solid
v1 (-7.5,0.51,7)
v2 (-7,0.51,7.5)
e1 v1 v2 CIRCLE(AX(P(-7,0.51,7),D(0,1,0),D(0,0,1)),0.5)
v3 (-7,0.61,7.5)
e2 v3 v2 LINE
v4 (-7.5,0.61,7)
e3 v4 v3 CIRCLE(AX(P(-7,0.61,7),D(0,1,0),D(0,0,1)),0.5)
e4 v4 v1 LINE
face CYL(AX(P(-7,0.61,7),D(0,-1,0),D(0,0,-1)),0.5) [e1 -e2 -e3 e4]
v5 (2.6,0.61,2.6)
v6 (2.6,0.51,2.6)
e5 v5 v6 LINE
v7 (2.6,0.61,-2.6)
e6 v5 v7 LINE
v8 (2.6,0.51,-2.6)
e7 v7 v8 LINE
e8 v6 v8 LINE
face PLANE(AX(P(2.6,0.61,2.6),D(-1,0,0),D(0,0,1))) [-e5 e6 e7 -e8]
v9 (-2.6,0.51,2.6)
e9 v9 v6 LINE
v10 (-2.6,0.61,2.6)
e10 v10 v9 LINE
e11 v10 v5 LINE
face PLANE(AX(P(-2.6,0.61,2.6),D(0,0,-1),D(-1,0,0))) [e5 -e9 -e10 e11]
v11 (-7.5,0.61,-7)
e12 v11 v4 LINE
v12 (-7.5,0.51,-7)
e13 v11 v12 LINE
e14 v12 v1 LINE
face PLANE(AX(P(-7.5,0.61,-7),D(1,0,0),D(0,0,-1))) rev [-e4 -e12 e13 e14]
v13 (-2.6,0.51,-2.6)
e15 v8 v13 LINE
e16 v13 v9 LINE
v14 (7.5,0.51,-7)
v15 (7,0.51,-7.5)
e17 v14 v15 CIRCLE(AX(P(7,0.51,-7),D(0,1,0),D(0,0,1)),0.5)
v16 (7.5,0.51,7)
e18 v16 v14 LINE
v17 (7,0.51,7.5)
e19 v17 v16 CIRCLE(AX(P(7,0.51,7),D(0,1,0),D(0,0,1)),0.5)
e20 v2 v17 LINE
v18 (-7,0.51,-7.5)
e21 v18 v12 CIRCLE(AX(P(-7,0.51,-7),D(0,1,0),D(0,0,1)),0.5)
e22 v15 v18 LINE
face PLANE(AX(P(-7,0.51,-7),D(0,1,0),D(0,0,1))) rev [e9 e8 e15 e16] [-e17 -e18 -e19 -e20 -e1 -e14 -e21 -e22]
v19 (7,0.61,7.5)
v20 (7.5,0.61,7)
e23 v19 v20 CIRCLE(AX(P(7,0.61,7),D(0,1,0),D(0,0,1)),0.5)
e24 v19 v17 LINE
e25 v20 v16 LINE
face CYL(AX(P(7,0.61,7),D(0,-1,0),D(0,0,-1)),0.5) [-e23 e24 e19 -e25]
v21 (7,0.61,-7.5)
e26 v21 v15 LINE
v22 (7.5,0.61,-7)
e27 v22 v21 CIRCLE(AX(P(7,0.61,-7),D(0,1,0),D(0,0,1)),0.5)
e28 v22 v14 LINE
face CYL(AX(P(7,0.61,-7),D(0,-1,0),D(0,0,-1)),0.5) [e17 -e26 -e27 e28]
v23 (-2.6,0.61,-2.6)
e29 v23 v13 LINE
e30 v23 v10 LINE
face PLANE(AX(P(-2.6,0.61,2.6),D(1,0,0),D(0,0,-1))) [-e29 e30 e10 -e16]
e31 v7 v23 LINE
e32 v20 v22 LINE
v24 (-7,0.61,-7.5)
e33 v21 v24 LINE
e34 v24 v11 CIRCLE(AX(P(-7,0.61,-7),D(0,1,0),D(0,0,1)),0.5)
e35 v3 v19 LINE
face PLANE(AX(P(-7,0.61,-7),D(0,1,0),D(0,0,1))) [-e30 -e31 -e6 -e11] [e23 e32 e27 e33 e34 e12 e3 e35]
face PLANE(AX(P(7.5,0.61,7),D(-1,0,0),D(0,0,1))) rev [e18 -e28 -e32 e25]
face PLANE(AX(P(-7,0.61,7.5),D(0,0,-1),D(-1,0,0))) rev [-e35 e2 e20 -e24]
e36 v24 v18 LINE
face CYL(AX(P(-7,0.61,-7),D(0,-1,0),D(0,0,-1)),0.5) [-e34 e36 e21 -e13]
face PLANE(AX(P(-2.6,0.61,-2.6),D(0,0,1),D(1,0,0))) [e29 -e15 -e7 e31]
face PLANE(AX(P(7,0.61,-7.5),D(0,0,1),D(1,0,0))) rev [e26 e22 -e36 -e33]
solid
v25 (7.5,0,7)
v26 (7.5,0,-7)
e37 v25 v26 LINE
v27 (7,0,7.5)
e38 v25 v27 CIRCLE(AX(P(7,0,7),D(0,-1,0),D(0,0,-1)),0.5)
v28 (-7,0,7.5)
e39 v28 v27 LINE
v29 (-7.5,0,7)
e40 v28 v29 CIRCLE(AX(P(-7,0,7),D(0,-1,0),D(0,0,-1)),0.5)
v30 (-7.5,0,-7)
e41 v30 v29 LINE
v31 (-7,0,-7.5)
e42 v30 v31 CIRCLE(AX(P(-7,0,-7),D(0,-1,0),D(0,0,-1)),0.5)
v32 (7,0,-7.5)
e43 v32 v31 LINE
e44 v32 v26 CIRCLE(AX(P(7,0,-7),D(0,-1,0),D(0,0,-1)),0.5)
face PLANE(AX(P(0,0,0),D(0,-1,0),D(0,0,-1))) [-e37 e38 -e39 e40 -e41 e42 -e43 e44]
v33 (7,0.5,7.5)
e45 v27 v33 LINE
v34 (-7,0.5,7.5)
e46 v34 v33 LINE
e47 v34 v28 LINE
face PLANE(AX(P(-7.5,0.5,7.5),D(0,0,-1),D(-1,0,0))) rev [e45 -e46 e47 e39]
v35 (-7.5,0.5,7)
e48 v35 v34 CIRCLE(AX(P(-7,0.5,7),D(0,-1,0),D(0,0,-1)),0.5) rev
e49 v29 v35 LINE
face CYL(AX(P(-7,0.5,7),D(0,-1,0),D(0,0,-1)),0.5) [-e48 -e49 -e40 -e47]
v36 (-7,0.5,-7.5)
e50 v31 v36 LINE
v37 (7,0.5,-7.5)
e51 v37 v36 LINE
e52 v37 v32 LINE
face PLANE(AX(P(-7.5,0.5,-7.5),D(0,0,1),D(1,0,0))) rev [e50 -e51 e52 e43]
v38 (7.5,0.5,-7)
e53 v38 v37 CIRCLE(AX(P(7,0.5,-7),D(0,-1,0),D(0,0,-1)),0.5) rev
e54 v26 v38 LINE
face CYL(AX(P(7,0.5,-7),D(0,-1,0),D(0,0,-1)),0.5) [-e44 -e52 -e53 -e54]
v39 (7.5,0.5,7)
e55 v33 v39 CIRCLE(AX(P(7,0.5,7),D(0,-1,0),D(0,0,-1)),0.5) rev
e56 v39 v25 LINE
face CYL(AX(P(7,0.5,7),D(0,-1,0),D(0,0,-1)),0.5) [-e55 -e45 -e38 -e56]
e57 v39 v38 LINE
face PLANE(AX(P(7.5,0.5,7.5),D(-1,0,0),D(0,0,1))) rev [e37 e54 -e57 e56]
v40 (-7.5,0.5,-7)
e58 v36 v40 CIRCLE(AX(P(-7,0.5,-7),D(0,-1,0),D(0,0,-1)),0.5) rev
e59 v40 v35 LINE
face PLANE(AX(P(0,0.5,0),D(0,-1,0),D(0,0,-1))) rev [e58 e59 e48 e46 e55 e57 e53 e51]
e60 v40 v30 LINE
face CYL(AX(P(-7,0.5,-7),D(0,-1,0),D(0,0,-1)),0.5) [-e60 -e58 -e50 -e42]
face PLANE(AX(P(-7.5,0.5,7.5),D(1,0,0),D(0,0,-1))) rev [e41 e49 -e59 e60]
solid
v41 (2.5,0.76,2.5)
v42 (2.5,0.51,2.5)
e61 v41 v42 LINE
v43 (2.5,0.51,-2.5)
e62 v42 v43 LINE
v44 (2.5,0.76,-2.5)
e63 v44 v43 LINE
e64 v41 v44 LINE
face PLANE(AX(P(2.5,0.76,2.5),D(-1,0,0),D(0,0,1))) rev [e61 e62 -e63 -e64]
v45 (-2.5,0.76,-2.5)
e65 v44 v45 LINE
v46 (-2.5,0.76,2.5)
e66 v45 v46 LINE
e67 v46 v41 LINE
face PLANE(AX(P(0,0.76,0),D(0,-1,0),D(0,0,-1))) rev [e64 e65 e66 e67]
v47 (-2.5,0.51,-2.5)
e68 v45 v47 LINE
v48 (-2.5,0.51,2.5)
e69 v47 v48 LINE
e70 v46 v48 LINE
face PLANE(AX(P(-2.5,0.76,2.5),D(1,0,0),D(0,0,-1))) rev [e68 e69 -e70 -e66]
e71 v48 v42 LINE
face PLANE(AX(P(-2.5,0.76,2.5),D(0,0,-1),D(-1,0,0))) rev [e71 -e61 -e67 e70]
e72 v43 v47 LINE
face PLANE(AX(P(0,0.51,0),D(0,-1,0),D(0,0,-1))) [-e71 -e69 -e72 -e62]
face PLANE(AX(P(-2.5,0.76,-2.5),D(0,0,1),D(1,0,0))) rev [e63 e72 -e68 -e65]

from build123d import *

# Parameters (mm, degrees)
SKETCH_1_W      = 15
SKETCH_1_H      = 15
EXTRUDE_1_DEPTH = 0.5
FILLET_1_R      = 0.5
EXTRUDE_START   = 0.1
SKETCH_2_W      = 5.2
SKETCH_2_H      = 5.2
EXTRUDE_2_DEPTH = 0.1
SKETCH_3_W      = 5
SKETCH_3_H      = 5
EXTRUDE_3_DEPTH = 0.25


with BuildPart() as part:
    # 草图1 → 凸台-拉伸1 (new body)
    with BuildSketch(Plane(origin=(0, 0, 0), x_dir=(1, 0, 0), z_dir=(0, 1, 0))):
        Rectangle(SKETCH_1_W, SKETCH_1_H)
    extrude(amount=EXTRUDE_1_DEPTH)

    # 圆角1
    fillet_1_edges = [part.edges().sort_by_distance(p)[0] for p in [
        (7.5, 0.25, 7.5),
        (-7.5, 0.25, 7.5),
        (-7.5, 0.25, -7.5),
        (7.5, 0.25, -7.5),
    ]]
    fillet(fillet_1_edges, radius=FILLET_1_R)


with BuildPart() as body_2:
    # 草图2 → 凸台-拉伸2 (new body)
    with BuildSketch(Plane(origin=(0, 0.51, 0), x_dir=(1, 0, 0), z_dir=(0, 1, 0)).offset(EXTRUDE_START)):
        with BuildLine():
            Line((-7.5, 7), (-7.5, -7))
            ThreePointArc((-7.5, -7), (-7.353553391, -7.353553391), (-7, -7.5))
            Line((-7, -7.5), (7, -7.5))
            ThreePointArc((7, -7.5), (7.353553391, -7.353553391), (7.5, -7))
            Line((7.5, -7), (7.5, 7))
            ThreePointArc((7.5, 7), (7.353553391, 7.353553391), (7, 7.5))
            Line((7, 7.5), (-7, 7.5))
            ThreePointArc((-7, 7.5), (-7.353553391, 7.353553391), (-7.5, 7))
        make_face()
        Rectangle(SKETCH_2_W, SKETCH_2_H, mode=Mode.SUBTRACT)
    extrude(amount=-EXTRUDE_2_DEPTH)


with BuildPart() as body_3:
    # 草图3 → 凸台-拉伸3 (new body)
    with BuildSketch(Plane(origin=(0, 0.51, 0), x_dir=(1, 0, 0), z_dir=(0, 1, 0))):
        Rectangle(SKETCH_3_W, SKETCH_3_H)
    extrude(amount=EXTRUDE_3_DEPTH)


solid = Compound([part.part, body_2.part, body_3.part])
